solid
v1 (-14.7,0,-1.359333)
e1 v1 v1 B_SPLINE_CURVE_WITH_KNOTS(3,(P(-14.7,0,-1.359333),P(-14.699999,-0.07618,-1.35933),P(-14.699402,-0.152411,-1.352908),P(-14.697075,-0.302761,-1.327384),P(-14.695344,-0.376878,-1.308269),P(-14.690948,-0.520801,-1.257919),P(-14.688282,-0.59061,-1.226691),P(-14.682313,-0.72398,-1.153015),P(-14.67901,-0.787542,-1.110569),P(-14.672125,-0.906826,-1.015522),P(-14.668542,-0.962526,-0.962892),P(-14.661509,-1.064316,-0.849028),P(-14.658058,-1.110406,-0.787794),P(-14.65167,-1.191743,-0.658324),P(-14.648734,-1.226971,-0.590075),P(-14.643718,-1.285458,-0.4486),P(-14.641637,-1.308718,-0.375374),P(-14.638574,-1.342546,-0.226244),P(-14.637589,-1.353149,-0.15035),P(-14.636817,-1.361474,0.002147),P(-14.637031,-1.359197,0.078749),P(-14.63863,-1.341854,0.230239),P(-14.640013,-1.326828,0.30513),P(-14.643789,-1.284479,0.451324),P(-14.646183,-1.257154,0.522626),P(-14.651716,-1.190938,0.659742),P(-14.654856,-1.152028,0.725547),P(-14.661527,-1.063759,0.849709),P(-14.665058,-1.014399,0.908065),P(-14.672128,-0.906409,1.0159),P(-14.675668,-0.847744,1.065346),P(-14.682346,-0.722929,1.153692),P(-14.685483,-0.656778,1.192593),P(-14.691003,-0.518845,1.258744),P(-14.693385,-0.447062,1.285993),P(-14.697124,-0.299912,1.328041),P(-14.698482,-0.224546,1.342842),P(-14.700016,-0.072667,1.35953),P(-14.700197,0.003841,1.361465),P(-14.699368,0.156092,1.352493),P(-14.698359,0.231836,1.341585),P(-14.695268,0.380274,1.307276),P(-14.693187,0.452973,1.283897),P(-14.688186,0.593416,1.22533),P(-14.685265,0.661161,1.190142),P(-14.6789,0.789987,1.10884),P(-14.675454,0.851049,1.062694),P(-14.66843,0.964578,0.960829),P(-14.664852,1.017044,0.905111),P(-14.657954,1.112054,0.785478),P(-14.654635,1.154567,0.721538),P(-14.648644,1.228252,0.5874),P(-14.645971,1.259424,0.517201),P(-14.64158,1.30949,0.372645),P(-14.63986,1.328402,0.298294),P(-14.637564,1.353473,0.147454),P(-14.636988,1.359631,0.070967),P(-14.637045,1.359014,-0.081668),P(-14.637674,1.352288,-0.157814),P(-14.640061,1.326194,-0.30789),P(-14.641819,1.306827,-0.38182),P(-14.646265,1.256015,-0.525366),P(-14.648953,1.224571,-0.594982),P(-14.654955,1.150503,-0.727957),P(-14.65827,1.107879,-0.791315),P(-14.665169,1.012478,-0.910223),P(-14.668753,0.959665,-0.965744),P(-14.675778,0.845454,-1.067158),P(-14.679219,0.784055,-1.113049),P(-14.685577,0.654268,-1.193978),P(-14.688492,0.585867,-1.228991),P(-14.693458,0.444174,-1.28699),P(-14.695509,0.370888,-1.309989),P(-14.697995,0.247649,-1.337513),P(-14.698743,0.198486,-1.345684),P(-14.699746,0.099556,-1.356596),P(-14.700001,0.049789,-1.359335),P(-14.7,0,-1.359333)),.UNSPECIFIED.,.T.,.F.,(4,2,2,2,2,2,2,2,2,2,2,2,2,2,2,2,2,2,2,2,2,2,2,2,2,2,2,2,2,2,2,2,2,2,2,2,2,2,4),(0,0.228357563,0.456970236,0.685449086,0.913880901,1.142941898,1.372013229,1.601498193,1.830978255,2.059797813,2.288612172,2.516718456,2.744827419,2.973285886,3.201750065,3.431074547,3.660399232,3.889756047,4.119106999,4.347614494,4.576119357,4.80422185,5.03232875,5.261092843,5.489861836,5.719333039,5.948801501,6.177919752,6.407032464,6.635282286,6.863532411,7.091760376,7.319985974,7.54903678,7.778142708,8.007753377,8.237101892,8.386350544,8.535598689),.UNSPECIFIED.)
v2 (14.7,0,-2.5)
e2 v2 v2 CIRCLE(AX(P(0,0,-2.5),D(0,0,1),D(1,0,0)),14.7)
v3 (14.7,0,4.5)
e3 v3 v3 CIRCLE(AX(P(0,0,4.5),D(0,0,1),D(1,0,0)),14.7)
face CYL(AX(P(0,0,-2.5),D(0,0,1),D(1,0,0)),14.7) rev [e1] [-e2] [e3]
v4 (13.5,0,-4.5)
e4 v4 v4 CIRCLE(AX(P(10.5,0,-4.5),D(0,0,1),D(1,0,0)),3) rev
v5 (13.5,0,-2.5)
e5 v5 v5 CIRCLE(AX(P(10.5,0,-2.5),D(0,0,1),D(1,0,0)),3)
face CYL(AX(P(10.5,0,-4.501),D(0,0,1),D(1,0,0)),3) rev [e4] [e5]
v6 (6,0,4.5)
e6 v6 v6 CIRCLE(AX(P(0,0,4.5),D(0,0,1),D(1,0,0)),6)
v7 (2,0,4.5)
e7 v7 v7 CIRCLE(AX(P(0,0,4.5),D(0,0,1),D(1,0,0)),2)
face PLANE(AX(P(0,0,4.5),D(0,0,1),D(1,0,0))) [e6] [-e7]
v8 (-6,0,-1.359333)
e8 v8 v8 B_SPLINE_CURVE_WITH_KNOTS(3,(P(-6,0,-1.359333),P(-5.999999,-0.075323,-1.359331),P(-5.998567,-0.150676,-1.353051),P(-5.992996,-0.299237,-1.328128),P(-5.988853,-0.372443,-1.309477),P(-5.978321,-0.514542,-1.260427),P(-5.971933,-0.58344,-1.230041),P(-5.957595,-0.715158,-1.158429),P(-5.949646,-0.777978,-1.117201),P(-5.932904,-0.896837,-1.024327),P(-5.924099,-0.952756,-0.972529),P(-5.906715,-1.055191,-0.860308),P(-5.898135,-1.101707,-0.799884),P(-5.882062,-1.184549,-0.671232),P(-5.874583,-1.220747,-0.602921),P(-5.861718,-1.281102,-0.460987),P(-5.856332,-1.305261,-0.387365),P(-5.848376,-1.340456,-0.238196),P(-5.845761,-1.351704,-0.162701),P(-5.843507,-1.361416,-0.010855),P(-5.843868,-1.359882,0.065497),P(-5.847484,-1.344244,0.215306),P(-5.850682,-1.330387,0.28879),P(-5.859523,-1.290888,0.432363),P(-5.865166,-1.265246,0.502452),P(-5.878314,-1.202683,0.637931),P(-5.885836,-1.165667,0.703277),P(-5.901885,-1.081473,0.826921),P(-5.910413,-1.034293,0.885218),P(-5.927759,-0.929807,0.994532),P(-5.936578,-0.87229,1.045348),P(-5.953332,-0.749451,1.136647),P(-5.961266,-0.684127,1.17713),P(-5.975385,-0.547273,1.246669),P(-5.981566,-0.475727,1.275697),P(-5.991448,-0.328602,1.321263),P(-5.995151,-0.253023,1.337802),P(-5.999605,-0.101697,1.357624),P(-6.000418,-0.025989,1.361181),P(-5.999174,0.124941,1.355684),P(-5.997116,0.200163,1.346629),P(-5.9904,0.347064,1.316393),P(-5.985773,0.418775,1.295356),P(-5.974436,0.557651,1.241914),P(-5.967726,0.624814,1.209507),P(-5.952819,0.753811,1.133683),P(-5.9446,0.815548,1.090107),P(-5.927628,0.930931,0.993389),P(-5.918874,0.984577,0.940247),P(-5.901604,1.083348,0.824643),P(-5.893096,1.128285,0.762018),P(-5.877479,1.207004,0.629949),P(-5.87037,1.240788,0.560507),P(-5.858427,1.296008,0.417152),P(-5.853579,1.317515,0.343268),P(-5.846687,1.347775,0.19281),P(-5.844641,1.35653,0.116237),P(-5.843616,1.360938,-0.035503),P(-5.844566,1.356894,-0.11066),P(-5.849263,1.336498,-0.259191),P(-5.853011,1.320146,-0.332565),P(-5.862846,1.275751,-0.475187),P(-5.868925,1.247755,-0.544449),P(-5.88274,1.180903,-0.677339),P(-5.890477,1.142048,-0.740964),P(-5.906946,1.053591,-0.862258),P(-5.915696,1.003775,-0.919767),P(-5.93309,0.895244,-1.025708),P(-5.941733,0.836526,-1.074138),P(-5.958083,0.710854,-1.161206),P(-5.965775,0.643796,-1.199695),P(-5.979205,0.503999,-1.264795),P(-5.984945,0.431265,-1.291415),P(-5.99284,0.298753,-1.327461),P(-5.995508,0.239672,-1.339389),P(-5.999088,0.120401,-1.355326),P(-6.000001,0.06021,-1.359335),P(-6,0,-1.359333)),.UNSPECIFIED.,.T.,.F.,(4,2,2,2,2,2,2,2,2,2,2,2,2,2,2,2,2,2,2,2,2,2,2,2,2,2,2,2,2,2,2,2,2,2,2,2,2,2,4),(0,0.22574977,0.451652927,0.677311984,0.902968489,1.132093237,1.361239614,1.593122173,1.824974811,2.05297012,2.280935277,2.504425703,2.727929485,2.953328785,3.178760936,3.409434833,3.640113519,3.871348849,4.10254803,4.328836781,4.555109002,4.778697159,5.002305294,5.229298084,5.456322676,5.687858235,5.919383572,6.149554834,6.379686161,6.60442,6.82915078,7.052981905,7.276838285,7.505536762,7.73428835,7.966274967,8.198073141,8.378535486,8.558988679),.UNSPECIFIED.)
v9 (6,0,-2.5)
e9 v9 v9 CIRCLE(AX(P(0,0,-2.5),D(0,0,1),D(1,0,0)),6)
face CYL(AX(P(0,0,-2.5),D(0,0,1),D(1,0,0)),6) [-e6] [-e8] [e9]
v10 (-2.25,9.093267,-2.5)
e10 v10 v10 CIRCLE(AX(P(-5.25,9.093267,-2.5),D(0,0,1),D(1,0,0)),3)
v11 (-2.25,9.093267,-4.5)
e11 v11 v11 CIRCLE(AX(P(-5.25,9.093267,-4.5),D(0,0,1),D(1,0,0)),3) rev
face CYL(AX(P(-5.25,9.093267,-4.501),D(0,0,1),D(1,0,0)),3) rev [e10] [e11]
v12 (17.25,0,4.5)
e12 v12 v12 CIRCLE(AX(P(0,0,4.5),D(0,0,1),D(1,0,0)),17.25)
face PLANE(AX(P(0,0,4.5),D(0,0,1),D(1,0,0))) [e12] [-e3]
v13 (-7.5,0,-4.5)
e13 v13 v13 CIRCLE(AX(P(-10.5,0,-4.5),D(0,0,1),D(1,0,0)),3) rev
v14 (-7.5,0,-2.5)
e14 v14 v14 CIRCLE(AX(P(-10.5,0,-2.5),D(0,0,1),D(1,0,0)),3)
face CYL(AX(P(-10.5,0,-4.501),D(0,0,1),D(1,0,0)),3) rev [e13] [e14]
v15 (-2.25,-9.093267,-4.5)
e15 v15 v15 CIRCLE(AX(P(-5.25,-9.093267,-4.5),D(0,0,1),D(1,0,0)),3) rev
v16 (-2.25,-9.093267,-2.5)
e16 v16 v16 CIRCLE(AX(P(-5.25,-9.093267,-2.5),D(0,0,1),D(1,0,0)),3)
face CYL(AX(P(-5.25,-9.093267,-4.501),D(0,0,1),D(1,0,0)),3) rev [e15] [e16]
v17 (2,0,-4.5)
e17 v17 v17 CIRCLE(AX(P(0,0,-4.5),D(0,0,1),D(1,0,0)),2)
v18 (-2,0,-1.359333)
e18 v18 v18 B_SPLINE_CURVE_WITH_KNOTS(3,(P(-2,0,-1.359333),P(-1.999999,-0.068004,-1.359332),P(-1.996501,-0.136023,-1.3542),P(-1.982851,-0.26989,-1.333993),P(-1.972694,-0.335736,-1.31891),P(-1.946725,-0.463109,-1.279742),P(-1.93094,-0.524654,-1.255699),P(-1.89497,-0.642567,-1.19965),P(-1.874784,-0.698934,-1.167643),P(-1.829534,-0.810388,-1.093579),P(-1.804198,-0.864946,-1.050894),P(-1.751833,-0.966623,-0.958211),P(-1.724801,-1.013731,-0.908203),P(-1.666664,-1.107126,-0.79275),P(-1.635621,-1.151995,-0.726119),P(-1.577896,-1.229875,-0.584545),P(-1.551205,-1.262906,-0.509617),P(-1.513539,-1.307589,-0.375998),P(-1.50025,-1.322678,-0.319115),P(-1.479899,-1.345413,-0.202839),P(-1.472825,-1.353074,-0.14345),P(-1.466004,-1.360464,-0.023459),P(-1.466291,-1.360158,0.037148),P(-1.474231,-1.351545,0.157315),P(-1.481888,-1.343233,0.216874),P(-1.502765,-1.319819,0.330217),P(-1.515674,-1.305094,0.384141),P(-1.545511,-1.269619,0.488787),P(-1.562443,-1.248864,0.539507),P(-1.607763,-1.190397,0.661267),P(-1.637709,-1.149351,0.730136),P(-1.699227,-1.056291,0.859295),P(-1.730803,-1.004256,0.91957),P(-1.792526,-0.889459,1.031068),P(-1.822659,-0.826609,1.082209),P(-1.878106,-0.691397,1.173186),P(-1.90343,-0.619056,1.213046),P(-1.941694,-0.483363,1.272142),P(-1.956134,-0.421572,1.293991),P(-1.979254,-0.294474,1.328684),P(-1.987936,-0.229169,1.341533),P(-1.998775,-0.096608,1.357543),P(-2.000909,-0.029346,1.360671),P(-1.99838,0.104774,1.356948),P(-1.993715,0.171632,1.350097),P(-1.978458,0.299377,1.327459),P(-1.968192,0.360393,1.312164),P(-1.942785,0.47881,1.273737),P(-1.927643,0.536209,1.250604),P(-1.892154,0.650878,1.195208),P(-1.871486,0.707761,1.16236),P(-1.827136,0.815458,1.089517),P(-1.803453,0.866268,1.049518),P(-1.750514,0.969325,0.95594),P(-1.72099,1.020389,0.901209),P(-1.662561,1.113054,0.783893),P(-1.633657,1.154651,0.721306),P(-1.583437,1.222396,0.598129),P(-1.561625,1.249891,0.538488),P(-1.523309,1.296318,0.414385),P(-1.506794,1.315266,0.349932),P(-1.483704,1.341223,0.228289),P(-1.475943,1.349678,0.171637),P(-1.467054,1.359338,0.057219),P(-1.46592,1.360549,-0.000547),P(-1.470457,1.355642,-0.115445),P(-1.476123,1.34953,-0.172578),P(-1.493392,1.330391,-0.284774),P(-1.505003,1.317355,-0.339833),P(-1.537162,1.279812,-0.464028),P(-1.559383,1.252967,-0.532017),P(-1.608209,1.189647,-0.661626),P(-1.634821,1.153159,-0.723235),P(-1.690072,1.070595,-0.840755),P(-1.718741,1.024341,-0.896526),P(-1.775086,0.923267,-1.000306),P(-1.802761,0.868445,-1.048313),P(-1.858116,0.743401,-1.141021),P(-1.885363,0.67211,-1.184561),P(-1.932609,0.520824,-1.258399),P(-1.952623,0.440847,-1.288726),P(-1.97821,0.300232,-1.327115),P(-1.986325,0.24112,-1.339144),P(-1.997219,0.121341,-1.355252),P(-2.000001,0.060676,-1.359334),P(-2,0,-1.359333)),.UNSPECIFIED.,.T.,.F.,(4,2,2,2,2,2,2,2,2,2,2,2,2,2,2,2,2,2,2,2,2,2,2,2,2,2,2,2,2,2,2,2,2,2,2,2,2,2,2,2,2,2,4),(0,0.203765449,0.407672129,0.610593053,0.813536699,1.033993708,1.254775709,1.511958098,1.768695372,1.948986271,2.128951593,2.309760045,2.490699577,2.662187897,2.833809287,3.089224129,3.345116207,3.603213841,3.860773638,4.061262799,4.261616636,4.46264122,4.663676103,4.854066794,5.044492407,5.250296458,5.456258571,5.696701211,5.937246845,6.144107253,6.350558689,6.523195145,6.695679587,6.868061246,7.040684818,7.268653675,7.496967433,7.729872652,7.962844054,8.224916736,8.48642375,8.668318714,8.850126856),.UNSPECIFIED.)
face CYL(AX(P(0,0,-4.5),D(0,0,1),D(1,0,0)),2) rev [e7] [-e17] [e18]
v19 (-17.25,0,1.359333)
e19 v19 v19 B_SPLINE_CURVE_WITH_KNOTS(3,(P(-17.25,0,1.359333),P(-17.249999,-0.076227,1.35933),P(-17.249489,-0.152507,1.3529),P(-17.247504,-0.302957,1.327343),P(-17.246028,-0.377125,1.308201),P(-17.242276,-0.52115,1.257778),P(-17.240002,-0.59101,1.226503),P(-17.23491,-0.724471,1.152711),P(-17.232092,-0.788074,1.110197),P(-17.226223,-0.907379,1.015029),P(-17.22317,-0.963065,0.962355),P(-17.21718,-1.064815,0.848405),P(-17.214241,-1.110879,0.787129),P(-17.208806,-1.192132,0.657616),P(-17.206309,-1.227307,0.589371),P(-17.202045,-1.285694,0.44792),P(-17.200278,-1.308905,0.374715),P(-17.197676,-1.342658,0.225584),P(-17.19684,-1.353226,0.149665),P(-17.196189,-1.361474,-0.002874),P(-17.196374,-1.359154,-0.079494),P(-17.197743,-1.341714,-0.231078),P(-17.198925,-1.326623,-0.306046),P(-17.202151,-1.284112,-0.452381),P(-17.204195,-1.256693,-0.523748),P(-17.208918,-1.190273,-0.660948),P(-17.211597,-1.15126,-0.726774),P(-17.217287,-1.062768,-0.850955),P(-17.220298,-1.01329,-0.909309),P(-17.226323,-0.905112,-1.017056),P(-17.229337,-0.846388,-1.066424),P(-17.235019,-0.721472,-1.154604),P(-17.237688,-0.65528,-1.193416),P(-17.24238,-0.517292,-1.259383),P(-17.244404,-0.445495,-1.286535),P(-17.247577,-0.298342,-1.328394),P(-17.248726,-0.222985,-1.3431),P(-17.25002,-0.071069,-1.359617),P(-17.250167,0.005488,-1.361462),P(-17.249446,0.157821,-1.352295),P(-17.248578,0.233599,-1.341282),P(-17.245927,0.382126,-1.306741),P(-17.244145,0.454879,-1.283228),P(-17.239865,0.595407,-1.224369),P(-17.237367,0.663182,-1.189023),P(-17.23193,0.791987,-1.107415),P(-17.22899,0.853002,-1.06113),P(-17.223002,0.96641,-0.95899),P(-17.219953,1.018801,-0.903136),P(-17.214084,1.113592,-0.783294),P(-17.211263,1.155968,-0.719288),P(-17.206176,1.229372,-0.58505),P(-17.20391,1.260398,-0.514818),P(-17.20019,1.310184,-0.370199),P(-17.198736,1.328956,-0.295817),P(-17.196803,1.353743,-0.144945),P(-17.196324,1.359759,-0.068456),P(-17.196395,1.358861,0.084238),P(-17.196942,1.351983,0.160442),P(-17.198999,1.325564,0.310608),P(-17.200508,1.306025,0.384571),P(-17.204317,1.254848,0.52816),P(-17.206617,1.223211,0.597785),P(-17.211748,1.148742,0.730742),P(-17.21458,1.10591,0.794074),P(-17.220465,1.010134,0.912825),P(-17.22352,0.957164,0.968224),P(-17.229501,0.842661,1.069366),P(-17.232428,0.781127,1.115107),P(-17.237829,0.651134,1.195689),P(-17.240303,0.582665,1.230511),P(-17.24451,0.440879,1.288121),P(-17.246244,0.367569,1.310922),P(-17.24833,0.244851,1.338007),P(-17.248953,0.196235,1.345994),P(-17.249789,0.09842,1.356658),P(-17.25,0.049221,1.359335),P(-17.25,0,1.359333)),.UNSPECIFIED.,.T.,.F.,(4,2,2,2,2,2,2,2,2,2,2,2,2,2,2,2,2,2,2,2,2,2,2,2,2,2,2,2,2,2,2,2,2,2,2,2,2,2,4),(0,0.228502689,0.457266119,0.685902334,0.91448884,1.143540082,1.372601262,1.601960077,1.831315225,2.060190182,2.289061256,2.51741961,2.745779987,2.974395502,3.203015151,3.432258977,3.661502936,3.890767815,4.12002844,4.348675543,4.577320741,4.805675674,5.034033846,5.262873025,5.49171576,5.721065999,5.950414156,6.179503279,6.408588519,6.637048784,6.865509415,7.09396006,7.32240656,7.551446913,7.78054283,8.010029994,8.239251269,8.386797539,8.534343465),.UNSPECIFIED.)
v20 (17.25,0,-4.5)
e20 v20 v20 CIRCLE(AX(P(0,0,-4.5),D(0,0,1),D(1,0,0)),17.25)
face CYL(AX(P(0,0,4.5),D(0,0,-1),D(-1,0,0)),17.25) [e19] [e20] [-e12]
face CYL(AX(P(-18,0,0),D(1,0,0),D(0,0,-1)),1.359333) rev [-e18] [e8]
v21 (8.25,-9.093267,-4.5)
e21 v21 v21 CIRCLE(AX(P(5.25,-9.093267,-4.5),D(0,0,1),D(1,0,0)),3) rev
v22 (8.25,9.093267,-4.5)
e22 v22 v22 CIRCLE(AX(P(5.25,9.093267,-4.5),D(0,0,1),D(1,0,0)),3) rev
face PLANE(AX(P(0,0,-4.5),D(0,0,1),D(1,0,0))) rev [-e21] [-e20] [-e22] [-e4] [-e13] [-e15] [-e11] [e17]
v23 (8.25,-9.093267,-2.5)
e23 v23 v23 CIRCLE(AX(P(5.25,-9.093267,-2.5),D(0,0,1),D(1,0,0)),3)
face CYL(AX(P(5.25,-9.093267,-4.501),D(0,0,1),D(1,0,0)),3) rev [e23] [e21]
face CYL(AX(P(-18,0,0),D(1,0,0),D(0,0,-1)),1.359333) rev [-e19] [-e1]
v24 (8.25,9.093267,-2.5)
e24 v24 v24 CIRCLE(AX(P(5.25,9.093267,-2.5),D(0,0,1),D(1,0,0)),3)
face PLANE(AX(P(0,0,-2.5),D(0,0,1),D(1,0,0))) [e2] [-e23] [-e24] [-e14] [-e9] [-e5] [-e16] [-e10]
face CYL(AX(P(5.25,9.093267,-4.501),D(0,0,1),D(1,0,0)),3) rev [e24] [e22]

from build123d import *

# Parameters (mm, degrees)
SKETCH1_R           = 17.25
BOSS_EXTRUDE1_DEPTH = 4.5
SKETCH2_R           = 2
CUT_EXTRUDE1_DEPTH  = 9
SKETCH3_R           = 14.7
SKETCH3_R_2         = 6
CUT_EXTRUDE2_DEPTH  = 7
CUT_EXTRUDE3_REACH  = 4
SKETCH4_R           = 3
SKETCH5_R           = 1.35933313
CUT_EXTRUDE4_DEPTH  = 18


with BuildPart() as part:
    # Sketch1 → Boss-Extrude1 (new body, symmetric)
    with BuildSketch(Plane.XY):
        Circle(SKETCH1_R)
    extrude(amount=BOSS_EXTRUDE1_DEPTH, both=True)

    # Sketch2 → Cut-Extrude1 (cut)
    with BuildSketch(Plane.XY.offset(4.5)):
        Circle(SKETCH2_R)
    extrude(amount=-CUT_EXTRUDE1_DEPTH, mode=Mode.SUBTRACT)

    # Sketch3 → Cut-Extrude2 (cut)
    with BuildSketch(Plane.XY.offset(4.5)):
        Circle(SKETCH3_R)
        Circle(SKETCH3_R_2, mode=Mode.SUBTRACT)
    extrude(amount=-CUT_EXTRUDE2_DEPTH, mode=Mode.SUBTRACT)

    # Sketch4 → Cut-Extrude3 (cut, up to next)
    with BuildSketch(Plane.XY.offset(-2.5), mode=Mode.PRIVATE) as cut_extrude3_sk1:
        with Locations((10.5, 0)):
            Circle(SKETCH4_R)
    cut_extrude3_tool1 = extrude(cut_extrude3_sk1.sketch, amount=-CUT_EXTRUDE3_REACH, mode=Mode.PRIVATE) & part.part
    add(cut_extrude3_tool1.solids().sort_by_distance((10.5, 0, -2.5))[0], mode=Mode.SUBTRACT)
    # Sketch4 → Cut-Extrude3 (cut, up to next)
    with BuildSketch(Plane.XY.offset(-2.5), mode=Mode.PRIVATE) as cut_extrude3_sk2:
        with Locations((5.25, -9.09326674)):
            Circle(SKETCH4_R)
    cut_extrude3_tool2 = extrude(cut_extrude3_sk2.sketch, amount=-CUT_EXTRUDE3_REACH, mode=Mode.PRIVATE) & part.part
    add(cut_extrude3_tool2.solids().sort_by_distance((5.25, -9.093267, -2.5))[0], mode=Mode.SUBTRACT)
    # Sketch4 → Cut-Extrude3 (cut, up to next)
    with BuildSketch(Plane.XY.offset(-2.5), mode=Mode.PRIVATE) as cut_extrude3_sk3:
        with Locations((-5.25, -9.09326674)):
            Circle(SKETCH4_R)
    cut_extrude3_tool3 = extrude(cut_extrude3_sk3.sketch, amount=-CUT_EXTRUDE3_REACH, mode=Mode.PRIVATE) & part.part
    add(cut_extrude3_tool3.solids().sort_by_distance((-5.25, -9.093267, -2.5))[0], mode=Mode.SUBTRACT)
    # Sketch4 → Cut-Extrude3 (cut, up to next)
    with BuildSketch(Plane.XY.offset(-2.5), mode=Mode.PRIVATE) as cut_extrude3_sk4:
        with Locations((-10.5, 0)):
            Circle(SKETCH4_R)
    cut_extrude3_tool4 = extrude(cut_extrude3_sk4.sketch, amount=-CUT_EXTRUDE3_REACH, mode=Mode.PRIVATE) & part.part
    add(cut_extrude3_tool4.solids().sort_by_distance((-10.5, 0, -2.5))[0], mode=Mode.SUBTRACT)
    # Sketch4 → Cut-Extrude3 (cut, up to next)
    with BuildSketch(Plane.XY.offset(-2.5), mode=Mode.PRIVATE) as cut_extrude3_sk5:
        with Locations((-5.25, 9.09326674)):
            Circle(SKETCH4_R)
    cut_extrude3_tool5 = extrude(cut_extrude3_sk5.sketch, amount=-CUT_EXTRUDE3_REACH, mode=Mode.PRIVATE) & part.part
    add(cut_extrude3_tool5.solids().sort_by_distance((-5.25, 9.093267, -2.5))[0], mode=Mode.SUBTRACT)
    # Sketch4 → Cut-Extrude3 (cut, up to next)
    with BuildSketch(Plane.XY.offset(-2.5), mode=Mode.PRIVATE) as cut_extrude3_sk6:
        with Locations((5.25, 9.09326674)):
            Circle(SKETCH4_R)
    cut_extrude3_tool6 = extrude(cut_extrude3_sk6.sketch, amount=-CUT_EXTRUDE3_REACH, mode=Mode.PRIVATE) & part.part
    add(cut_extrude3_tool6.solids().sort_by_distance((5.25, 9.093267, -2.5))[0], mode=Mode.SUBTRACT)

    # Sketch5 → Cut-Extrude4 (cut)
    with BuildSketch(Plane(origin=(0, 0, 0), x_dir=(0, 0, -1), z_dir=(1, 0, 0))):
        Circle(SKETCH5_R)
    extrude(amount=-CUT_EXTRUDE4_DEPTH, mode=Mode.SUBTRACT)


solid = part.part
